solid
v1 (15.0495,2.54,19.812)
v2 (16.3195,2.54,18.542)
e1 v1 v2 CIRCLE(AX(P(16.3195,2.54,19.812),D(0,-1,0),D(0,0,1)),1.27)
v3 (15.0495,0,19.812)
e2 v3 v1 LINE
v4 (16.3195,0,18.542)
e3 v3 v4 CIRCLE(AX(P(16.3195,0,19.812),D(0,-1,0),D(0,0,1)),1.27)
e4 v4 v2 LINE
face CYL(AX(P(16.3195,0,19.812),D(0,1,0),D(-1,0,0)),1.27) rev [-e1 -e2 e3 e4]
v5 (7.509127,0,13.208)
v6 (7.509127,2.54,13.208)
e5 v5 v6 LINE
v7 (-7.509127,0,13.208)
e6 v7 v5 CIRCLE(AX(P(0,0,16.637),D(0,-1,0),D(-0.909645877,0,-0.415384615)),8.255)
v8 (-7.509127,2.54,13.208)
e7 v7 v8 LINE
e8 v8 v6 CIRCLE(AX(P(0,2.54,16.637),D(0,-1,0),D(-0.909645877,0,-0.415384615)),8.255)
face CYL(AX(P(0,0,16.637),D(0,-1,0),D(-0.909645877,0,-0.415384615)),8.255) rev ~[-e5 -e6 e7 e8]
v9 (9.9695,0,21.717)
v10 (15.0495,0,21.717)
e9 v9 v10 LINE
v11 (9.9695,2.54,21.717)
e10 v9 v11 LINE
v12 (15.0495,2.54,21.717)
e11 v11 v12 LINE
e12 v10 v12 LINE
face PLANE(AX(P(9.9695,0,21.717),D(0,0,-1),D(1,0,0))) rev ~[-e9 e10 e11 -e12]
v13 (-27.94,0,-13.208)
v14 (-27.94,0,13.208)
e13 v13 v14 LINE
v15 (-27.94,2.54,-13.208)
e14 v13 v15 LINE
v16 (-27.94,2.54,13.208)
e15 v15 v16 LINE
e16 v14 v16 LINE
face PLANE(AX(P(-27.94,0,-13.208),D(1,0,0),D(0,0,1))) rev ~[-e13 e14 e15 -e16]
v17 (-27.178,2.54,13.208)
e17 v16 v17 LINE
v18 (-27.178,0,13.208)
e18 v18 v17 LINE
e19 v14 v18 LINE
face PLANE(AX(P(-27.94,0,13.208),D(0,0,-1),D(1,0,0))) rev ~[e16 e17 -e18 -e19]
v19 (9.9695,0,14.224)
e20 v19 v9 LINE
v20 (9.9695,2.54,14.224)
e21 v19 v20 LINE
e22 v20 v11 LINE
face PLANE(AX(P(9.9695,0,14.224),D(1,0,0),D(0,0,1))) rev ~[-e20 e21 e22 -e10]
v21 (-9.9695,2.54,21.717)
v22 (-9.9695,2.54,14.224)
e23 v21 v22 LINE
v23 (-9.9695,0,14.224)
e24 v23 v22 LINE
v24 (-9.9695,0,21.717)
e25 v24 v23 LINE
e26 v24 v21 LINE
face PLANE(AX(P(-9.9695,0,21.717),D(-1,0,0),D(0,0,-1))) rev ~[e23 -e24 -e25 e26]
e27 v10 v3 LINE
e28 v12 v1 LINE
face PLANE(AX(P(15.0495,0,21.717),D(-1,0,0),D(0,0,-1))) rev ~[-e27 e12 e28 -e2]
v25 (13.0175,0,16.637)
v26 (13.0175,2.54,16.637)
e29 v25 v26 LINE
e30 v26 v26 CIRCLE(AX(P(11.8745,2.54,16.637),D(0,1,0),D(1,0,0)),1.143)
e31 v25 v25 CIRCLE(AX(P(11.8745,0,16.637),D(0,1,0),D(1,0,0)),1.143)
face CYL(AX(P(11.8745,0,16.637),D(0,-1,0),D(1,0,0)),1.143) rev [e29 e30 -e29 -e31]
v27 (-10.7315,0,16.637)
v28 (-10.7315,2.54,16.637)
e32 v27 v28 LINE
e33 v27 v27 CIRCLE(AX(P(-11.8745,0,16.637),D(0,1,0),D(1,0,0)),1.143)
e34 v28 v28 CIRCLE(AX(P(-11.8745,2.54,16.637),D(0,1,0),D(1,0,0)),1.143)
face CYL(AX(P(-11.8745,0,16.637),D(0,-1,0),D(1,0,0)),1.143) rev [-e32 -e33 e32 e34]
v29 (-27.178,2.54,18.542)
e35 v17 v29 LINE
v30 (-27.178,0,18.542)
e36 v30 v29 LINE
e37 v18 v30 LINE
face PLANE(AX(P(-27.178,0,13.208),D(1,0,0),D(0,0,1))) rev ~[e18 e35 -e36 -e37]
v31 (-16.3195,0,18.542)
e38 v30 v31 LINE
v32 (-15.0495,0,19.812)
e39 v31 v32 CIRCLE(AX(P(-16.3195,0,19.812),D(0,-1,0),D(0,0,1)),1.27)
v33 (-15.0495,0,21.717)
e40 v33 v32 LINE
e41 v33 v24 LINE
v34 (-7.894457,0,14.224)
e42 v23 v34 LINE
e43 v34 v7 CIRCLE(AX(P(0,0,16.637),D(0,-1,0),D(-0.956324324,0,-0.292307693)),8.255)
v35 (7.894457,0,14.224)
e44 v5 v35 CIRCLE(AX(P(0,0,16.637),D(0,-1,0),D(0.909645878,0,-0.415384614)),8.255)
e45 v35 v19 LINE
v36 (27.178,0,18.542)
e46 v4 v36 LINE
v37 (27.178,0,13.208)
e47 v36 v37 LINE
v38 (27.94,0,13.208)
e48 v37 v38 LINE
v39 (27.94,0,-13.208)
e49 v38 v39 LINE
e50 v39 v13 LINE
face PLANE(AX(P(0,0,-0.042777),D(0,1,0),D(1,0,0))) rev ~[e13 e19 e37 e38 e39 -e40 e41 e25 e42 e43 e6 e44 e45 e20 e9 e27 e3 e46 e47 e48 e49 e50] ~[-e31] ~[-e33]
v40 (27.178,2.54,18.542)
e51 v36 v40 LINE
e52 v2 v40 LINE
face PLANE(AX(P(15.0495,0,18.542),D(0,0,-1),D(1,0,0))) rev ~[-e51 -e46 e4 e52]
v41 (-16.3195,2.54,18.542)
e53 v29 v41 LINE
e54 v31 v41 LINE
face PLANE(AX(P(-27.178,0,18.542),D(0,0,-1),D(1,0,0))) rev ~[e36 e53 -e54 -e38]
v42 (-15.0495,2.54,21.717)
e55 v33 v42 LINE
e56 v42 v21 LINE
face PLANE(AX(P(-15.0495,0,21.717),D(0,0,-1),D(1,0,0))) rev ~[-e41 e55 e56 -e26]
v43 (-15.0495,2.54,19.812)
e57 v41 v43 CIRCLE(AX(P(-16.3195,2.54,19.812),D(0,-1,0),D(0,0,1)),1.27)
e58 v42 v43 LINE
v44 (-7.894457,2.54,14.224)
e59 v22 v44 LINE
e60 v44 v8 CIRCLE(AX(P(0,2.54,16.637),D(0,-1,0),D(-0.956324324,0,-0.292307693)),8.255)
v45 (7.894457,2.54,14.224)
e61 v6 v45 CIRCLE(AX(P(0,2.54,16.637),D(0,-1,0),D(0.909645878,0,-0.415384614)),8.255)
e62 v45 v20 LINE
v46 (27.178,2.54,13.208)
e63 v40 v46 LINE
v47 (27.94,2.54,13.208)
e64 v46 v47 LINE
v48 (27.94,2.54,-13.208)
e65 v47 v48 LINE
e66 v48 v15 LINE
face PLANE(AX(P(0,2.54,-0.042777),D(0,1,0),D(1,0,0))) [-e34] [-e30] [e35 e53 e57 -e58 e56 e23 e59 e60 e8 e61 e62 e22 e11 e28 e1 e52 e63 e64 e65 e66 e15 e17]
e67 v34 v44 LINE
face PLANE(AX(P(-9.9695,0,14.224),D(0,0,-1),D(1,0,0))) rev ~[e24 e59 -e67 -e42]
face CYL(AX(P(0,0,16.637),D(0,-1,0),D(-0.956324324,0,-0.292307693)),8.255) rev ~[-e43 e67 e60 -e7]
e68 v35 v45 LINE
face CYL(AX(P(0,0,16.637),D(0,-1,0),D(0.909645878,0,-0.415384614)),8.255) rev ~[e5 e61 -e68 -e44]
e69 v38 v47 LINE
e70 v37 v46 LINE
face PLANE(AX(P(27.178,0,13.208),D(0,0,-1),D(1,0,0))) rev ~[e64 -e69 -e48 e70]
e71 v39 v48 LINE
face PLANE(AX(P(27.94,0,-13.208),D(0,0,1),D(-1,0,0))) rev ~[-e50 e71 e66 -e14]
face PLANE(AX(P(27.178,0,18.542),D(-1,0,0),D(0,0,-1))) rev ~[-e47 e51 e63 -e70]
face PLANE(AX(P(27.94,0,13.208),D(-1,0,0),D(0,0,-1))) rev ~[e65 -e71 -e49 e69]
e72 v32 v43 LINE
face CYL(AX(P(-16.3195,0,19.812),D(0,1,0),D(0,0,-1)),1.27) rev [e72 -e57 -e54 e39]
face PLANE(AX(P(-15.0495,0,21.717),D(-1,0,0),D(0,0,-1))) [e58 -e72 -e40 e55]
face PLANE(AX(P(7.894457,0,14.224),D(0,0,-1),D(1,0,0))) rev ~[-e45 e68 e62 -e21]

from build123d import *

# Parameters (mm, degrees)
SKETCH1_R           = 1.143
SKETCH1_W           = 5.08
SKETCH1_H           = 3.175
BOSS_EXTRUDE1_DEPTH = 2.54
FILLET1_R           = 1.27


with BuildPart() as part:
    # Sketch1 → Boss-Extrude1 (new body)
    with BuildSketch(Plane(origin=(0, 0, 0), x_dir=(1, 0, 0), z_dir=(0, 1, 0))):
        with BuildLine():
            Line((-27.94, 13.208), (-27.94, -13.208))
            Line((-27.94, -13.208), (-27.178, -13.208))
            Line((-27.178, -13.208), (-7.509126714, -13.208))
            ThreePointArc((-7.509126714, -13.208), (0, -8.382), (7.509126714, -13.208))
            Line((7.509126714, -13.208), (27.178, -13.208))
            Line((27.178, -13.208), (27.94, -13.208))
            Line((27.94, -13.208), (27.94, 13.208))
            Line((27.94, 13.208), (-27.94, 13.208))
        make_face()
        with BuildLine():
            Line((-7.509126714, -13.208), (-27.178, -13.208))
            Line((-27.178, -13.208), (-27.178, -18.542))
            Line((-27.178, -18.542), (-15.0495, -18.542))
            Line((-15.0495, -18.542), (-9.9695, -18.542))
            Line((-9.9695, -18.542), (-9.9695, -14.224))
            Line((-9.9695, -14.224), (-7.894457296, -14.224))
            ThreePointArc((-7.894457296, -14.224), (-7.718527326, -13.709652922), (-7.509126714, -13.208))
        make_face()
        with Locations((-11.8745, -16.637)):
            Circle(SKETCH1_R, mode=Mode.SUBTRACT)
        with BuildLine():
            Line((27.178, -13.208), (7.509126714, -13.208))
            ThreePointArc((7.509126714, -13.208), (7.718527326, -13.709652922), (7.894457296, -14.224))
            Line((7.894457296, -14.224), (9.9695, -14.224))
            Line((9.9695, -14.224), (9.9695, -18.542))
            Line((9.9695, -18.542), (15.0495, -18.542))
            Line((15.0495, -18.542), (27.178, -18.542))
            Line((27.178, -18.542), (27.178, -13.208))
        make_face()
        with Locations((11.8745, -16.637)):
            Circle(SKETCH1_R, mode=Mode.SUBTRACT)
        with Locations((-12.5095, -20.1295)):
            Rectangle(SKETCH1_W, SKETCH1_H)
        with Locations((12.5095, -20.1295)):
            Rectangle(SKETCH1_W, SKETCH1_H)
    extrude(amount=BOSS_EXTRUDE1_DEPTH)

    # Fillet1
    fillet1_edges = [part.edges().sort_by_distance(p)[0] for p in [
        (15.0495, 1.27, 18.542),
        (-15.0495, 1.27, 18.542),
    ]]
    fillet(fillet1_edges, radius=FILLET1_R)


solid = part.part
